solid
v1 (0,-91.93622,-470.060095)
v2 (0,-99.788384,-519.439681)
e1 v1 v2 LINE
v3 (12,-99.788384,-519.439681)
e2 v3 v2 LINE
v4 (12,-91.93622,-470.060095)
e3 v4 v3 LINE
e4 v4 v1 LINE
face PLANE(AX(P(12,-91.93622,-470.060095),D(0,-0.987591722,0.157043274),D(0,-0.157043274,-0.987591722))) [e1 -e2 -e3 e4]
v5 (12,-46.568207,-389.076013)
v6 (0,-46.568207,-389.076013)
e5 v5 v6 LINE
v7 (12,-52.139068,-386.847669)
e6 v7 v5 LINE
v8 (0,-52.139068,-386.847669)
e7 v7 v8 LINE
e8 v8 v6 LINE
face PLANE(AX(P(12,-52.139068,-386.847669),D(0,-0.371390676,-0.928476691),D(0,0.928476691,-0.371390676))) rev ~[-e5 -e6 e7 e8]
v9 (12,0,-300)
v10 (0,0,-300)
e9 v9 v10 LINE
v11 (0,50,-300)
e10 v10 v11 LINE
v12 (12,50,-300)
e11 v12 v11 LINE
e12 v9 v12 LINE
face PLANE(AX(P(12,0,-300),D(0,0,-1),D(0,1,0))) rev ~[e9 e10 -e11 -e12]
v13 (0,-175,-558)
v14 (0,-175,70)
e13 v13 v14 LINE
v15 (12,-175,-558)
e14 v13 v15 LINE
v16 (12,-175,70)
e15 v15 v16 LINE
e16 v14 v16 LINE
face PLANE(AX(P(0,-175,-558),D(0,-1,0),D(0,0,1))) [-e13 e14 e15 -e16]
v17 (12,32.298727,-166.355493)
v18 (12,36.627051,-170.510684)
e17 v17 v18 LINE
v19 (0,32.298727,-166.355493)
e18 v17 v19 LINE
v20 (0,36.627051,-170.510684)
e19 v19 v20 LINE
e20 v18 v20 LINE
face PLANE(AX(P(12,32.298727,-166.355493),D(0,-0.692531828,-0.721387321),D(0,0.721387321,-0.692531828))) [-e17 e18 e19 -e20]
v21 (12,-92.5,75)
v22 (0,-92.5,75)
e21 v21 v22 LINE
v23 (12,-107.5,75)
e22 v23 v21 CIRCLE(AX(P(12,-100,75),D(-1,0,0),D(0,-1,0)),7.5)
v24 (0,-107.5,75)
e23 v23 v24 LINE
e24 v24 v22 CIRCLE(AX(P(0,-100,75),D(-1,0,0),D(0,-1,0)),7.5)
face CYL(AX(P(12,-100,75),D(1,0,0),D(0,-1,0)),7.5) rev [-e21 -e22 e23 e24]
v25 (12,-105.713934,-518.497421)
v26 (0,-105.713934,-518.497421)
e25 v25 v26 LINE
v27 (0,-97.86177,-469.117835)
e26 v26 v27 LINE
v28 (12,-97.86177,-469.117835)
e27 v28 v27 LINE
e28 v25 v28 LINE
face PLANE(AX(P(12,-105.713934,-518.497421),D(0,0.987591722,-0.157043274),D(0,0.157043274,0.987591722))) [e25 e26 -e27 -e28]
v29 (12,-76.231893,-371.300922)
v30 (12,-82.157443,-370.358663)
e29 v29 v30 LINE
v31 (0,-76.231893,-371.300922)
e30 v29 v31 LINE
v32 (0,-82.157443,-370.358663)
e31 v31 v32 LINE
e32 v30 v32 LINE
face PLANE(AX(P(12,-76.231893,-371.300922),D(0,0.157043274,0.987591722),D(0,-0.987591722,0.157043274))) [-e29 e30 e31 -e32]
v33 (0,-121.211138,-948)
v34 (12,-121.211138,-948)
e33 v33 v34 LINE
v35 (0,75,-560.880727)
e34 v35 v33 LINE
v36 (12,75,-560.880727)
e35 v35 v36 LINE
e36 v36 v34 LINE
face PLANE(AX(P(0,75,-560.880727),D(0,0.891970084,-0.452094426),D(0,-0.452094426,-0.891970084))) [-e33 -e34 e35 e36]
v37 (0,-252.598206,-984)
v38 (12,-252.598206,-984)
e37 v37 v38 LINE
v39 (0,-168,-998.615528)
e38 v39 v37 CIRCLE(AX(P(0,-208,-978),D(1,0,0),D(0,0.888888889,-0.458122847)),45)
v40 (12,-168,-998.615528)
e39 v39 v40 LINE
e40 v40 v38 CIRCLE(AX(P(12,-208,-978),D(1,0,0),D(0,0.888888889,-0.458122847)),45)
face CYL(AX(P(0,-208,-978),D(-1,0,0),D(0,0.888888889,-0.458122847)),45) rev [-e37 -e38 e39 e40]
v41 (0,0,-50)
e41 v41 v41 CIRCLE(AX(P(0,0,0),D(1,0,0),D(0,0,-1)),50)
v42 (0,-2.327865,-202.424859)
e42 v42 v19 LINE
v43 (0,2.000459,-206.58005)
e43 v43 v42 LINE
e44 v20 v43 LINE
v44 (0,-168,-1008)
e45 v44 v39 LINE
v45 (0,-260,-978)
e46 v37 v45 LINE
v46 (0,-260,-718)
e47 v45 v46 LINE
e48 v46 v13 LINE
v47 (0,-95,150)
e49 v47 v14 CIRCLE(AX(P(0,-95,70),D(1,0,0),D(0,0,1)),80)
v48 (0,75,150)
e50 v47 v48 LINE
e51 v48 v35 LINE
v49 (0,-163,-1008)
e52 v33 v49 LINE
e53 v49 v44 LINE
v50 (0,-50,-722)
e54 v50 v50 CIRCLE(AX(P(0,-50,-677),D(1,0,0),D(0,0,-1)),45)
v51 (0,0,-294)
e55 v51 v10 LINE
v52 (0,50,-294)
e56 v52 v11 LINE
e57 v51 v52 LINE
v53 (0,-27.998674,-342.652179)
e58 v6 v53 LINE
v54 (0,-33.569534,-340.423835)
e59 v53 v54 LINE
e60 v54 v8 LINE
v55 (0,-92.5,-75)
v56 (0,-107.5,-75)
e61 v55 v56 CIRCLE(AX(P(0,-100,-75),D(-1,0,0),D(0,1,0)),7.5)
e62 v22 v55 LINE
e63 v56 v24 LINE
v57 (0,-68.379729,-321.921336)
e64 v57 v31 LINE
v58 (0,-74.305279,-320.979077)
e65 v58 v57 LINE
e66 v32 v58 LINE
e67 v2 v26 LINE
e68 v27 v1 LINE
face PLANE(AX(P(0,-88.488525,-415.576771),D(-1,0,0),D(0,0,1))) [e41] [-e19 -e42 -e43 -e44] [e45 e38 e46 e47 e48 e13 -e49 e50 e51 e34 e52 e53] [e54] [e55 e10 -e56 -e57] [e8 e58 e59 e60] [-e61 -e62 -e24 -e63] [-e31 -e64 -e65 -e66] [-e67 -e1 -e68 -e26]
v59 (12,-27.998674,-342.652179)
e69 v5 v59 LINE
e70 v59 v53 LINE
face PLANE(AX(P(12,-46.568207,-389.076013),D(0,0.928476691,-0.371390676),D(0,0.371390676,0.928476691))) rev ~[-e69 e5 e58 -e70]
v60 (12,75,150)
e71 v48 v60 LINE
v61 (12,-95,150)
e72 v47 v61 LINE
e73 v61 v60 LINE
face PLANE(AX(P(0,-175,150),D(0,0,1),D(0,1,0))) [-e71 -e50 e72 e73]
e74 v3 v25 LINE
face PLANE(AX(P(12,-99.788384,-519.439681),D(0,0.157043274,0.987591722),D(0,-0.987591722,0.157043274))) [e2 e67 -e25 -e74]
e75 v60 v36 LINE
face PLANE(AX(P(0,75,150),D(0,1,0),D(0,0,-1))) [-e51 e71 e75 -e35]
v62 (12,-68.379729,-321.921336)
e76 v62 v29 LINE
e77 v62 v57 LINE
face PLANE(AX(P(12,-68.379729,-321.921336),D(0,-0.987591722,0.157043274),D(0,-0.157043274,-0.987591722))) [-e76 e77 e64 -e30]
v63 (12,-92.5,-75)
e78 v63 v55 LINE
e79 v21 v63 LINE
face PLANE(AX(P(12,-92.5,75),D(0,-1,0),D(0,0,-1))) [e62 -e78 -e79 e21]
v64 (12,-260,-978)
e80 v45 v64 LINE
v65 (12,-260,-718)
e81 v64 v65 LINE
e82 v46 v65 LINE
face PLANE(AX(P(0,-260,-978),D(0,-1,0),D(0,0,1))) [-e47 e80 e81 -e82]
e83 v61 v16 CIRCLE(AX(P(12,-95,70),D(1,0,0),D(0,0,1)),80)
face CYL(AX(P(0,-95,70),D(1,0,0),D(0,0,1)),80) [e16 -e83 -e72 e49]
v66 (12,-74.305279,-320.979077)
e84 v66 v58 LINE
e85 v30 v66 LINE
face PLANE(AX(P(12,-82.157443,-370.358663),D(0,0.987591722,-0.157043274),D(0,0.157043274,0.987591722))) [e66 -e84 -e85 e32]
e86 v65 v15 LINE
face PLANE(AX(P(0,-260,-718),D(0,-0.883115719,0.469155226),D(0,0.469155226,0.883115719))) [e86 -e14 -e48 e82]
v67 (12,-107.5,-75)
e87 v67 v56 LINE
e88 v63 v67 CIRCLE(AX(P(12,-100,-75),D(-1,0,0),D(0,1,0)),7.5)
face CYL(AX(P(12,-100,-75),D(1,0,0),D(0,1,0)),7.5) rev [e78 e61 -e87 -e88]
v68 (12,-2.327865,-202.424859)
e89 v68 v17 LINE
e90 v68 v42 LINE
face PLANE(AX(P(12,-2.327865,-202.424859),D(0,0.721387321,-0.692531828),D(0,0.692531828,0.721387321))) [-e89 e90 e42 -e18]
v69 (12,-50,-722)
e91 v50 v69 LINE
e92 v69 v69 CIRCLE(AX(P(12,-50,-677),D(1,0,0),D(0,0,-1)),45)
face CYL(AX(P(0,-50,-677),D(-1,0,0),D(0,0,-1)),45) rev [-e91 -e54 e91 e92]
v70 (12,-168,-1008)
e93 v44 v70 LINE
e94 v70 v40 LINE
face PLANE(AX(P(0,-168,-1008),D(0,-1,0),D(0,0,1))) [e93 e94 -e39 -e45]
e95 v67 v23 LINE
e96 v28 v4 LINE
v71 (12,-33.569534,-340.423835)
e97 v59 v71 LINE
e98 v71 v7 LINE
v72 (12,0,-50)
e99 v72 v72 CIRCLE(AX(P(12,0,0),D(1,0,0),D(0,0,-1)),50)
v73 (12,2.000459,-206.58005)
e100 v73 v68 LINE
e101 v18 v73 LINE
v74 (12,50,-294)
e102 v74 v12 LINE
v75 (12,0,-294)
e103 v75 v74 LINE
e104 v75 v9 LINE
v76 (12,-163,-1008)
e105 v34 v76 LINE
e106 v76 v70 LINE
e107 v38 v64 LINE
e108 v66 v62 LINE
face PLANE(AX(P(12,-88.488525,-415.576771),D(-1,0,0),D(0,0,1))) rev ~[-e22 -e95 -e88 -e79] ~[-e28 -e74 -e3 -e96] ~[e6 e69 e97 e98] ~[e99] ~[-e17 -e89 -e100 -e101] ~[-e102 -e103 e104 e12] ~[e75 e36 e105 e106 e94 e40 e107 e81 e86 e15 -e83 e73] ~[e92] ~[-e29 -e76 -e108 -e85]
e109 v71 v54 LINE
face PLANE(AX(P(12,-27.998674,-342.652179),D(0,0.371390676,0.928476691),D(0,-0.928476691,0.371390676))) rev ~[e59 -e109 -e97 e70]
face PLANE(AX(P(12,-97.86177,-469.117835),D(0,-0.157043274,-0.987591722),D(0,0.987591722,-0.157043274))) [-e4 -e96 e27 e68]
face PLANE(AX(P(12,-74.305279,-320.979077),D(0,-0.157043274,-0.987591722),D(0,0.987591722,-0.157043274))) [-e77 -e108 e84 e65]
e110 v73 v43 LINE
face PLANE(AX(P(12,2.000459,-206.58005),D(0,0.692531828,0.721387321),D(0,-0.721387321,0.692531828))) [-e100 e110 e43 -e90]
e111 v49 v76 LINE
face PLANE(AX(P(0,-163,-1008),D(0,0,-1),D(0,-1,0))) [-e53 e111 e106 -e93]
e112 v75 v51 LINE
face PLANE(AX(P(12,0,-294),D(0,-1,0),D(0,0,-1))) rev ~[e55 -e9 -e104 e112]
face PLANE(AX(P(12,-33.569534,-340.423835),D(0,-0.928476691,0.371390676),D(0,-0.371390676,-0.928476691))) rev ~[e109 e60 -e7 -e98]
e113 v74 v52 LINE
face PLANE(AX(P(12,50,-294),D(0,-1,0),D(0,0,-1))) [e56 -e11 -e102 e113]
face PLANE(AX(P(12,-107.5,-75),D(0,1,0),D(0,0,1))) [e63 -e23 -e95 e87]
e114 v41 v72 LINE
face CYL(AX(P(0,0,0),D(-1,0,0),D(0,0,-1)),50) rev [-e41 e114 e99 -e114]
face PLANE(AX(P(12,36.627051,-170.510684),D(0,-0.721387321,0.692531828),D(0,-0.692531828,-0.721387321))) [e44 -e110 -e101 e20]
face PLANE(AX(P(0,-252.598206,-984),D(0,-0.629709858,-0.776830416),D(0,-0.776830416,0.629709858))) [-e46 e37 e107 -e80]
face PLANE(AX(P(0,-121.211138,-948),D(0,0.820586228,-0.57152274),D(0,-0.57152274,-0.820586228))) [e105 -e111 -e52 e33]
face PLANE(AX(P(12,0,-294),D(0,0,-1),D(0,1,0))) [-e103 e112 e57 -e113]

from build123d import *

# Parameters (mm, degrees)
SKETCH_1_R          = 50
SKETCH_1_R_2        = 45
EXTRUDE_1_DEPTH     = 12
FILLET_1_R          = 80
CUT_EXTRUDE_1_DEPTH = 12
SKETCH_4_W          = 6
SKETCH_4_H          = 50
CUT_EXTRUDE_2_DEPTH = 12


with BuildPart() as part:
    # 草图1 → 凸台-拉伸1 (new body)
    with BuildSketch(Plane(origin=(0, 0, 0), x_dir=(0, 0, -1), z_dir=(1, 0, 0))):
        with BuildLine():
            Line((-150, 75), (560.88072706, 75))
            Line((560.88072706, 75), (948, -121.211138337))
            Line((948, -121.211138337), (1008, -163))
            Line((1008, -163), (1008, -168))
            Line((1008, -168), (998.615528128, -168))
            ThreePointArc((998.615528128, -168), (933.656897839, -200.339106398), (984, -252.598206242))
            Line((984, -252.598206242), (978, -260))
            Line((978, -260), (718, -260))
            Line((718, -260), (558, -175))
            Line((558, -175), (-150, -175))
            Line((-150, -175), (-150, 75))
        make_face()
        Circle(SKETCH_1_R, mode=Mode.SUBTRACT)
        with Locations((677, -50)):
            Circle(SKETCH_1_R_2, mode=Mode.SUBTRACT)
    extrude(amount=EXTRUDE_1_DEPTH)

    # 圆角1
    fillet_1_edges = [part.edges().sort_by_distance(p)[0] for p in [
        (6, -175, 150),
    ]]
    fillet(fillet_1_edges, radius=FILLET_1_R)

    # 草图3 → 切除-拉伸1 (cut)
    with BuildSketch(Plane(origin=(12, 0, 0), x_dir=(0, 0, -1), z_dir=(1, 0, 0))):
        with BuildLine():
            Line((-75, -92.5), (75, -92.5))
            ThreePointArc((75, -92.5), (82.5, -100), (75, -107.5))
            Line((75, -107.5), (-75, -107.5))
            ThreePointArc((-75, -107.5), (-82.5, -100), (-75, -92.5))
        make_face()
    extrude(amount=-CUT_EXTRUDE_1_DEPTH, mode=Mode.SUBTRACT)

    # 草图4 → 切除-拉伸2 (cut)
    with BuildSketch(Plane(origin=(12, 0, 0), x_dir=(0, 0, -1), z_dir=(1, 0, 0))):
        Polygon((170.51068381, 36.627050799), (206.580049862, 2.000459389), (202.424858893, -2.327864537), (166.355492841, 32.298726872), align=None)
        with Locations((297, 25)):
            Rectangle(SKETCH_4_W, SKETCH_4_H)
        Polygon((340.423834544, -33.569533818), (386.847669089, -52.139067635), (389.076013147, -46.56820749), (342.652178602, -27.998673672), align=None)
        Polygon((470.060094707, -91.936220159), (519.439680826, -99.788383854), (518.497421183, -105.713934188), (469.117835064, -97.861770494), align=None)
        Polygon((321.921336349, -68.379729076), (371.300922468, -76.231892771), (370.358662825, -82.157443105), (320.979076706, -74.305279411), align=None)
    extrude(amount=-CUT_EXTRUDE_2_DEPTH, mode=Mode.SUBTRACT)


solid = part.part
